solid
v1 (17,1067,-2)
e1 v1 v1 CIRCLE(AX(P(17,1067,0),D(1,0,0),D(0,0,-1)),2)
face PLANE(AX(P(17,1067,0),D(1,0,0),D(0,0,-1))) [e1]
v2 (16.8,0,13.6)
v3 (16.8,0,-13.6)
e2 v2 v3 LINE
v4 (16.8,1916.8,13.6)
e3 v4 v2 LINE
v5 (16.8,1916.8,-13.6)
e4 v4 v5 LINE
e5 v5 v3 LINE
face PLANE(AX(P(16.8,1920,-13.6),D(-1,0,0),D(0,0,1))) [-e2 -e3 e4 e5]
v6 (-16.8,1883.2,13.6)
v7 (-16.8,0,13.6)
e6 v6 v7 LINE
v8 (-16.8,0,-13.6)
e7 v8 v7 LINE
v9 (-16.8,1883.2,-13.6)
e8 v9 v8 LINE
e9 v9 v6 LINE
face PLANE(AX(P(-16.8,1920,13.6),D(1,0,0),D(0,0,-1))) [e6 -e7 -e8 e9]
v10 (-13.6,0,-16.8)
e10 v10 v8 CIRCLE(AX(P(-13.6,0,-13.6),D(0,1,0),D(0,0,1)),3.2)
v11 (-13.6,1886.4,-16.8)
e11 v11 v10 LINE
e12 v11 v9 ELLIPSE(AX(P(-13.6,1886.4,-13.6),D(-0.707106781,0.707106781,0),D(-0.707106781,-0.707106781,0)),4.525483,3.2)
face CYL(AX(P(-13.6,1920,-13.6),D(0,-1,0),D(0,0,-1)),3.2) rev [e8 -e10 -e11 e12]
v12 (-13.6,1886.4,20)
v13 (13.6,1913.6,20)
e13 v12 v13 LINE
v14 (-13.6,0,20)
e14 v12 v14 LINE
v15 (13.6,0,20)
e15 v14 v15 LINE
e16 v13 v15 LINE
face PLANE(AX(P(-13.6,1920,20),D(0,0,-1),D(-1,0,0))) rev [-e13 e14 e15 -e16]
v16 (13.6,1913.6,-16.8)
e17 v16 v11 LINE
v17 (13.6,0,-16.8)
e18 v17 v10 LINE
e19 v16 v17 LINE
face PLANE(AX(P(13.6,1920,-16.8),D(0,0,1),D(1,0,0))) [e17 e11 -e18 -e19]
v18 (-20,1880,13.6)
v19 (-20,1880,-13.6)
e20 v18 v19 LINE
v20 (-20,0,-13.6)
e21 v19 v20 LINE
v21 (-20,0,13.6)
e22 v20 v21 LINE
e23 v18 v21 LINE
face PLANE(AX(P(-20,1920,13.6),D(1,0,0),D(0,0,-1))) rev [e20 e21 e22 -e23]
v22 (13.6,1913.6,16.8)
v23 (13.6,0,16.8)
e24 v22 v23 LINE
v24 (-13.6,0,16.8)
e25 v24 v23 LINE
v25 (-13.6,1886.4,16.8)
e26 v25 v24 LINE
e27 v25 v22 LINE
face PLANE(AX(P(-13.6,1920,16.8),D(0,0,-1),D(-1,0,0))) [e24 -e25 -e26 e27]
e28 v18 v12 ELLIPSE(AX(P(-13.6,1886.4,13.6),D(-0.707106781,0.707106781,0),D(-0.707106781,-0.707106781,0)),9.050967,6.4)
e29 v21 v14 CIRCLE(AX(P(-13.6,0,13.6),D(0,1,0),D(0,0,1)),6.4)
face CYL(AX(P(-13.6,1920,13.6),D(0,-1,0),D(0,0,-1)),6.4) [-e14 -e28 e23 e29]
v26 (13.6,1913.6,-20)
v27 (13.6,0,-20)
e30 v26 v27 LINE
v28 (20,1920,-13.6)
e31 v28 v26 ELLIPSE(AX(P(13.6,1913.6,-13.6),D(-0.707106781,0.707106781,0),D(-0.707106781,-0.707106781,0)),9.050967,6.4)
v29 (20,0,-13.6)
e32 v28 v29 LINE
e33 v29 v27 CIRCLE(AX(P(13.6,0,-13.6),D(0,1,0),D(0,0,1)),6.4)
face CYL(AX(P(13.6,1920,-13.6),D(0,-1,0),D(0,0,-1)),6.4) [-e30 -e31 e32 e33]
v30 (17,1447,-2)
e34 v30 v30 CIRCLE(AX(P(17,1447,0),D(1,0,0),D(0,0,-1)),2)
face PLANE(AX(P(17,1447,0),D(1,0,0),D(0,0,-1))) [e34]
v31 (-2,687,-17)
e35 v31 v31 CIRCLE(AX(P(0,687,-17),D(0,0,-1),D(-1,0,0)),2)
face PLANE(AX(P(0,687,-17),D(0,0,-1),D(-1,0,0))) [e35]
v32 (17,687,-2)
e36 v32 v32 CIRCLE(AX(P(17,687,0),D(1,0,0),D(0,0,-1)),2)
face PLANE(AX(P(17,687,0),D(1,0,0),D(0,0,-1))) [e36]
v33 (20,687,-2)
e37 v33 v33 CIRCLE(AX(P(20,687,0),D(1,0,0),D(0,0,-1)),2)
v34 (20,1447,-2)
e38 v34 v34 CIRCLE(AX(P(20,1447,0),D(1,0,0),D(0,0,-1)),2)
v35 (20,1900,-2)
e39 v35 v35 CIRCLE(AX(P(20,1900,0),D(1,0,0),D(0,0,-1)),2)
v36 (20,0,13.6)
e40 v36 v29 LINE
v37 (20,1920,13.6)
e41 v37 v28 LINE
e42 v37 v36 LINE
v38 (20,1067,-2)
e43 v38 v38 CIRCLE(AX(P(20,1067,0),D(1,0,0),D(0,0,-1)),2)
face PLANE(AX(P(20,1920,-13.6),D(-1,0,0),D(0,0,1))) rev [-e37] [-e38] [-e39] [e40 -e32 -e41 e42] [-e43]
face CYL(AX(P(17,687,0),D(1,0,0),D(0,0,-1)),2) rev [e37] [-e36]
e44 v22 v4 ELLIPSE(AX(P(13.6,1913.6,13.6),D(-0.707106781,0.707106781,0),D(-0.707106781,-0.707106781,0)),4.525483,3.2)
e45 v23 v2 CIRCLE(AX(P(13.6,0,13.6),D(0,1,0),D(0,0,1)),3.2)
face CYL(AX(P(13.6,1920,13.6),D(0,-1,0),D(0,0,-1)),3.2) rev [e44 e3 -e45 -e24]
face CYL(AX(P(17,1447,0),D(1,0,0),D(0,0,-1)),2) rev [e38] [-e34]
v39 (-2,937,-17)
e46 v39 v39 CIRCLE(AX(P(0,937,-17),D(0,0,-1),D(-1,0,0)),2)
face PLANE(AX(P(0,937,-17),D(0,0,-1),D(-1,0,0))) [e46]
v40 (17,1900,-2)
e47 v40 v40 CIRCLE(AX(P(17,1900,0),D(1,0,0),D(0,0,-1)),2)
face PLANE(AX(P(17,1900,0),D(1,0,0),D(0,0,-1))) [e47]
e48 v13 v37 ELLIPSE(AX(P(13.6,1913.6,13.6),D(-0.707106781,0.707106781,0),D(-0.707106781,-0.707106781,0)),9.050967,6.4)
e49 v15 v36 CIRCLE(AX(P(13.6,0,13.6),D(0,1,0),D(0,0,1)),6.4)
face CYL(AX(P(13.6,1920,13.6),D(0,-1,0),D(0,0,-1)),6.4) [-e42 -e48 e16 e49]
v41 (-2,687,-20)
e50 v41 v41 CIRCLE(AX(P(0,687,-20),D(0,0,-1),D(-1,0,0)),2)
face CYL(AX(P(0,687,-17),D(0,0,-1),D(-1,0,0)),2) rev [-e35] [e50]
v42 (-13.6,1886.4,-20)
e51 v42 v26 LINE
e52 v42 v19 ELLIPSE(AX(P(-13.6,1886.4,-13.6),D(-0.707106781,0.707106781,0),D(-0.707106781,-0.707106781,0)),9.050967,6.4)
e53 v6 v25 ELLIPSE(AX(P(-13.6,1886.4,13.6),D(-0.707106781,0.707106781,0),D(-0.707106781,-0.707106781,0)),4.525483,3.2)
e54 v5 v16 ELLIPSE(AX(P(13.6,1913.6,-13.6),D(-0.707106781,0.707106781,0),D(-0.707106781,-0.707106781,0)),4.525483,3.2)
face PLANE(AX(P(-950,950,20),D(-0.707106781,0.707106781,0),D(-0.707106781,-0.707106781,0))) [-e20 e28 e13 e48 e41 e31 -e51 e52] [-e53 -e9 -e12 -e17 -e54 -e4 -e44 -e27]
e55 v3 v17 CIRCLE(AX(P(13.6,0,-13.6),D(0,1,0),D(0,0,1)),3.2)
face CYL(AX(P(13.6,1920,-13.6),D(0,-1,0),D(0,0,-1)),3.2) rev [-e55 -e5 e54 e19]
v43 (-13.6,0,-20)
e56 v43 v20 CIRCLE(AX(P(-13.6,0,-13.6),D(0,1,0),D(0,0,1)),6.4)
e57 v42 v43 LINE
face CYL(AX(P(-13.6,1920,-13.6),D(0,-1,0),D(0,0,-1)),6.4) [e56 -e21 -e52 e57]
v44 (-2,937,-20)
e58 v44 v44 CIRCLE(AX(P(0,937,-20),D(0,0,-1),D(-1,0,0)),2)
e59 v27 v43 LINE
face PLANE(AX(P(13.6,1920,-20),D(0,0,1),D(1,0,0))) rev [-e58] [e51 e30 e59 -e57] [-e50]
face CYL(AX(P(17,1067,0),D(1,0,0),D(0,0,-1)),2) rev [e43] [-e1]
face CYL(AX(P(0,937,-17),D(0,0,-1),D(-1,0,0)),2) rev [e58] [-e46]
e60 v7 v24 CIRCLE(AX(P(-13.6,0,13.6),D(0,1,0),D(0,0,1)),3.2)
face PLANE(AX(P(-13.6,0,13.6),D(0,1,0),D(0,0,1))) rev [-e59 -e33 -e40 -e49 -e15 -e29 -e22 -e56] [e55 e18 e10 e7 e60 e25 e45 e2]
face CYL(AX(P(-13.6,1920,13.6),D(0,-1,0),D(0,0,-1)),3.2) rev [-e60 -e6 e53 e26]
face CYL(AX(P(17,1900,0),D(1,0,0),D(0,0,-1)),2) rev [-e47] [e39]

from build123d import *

# Parameters (mm, degrees)
TUBE_SQUARE_40_X_40_X_3_2_1_DEPTH = 1920
CUT_EXTRUDE1_DEPTH                = 1921.52076271
SKETCH16_R                        = 2
CUT_EXTRUDE2_DEPTH                = 3
SKETCH17_R                        = 2
CUT_EXTRUDE3_DEPTH                = 3


with BuildPart() as part:
    # Sketch15 → Tube (square) 40 X 40 X 3.2(1) (new body)
    with BuildSketch(Plane(origin=(0, 0, 0), x_dir=(-1, 0, 0), z_dir=(0, 1, 0))):
        with BuildLine():
            Line((-13.6, -20), (13.6, -20))
            ThreePointArc((13.6, -20), (18.1254834, -18.1254834), (20, -13.6))
            Line((20, -13.6), (20, 13.6))
            ThreePointArc((20, 13.6), (18.1254834, 18.1254834), (13.6, 20))
            Line((13.6, 20), (-13.6, 20))
            ThreePointArc((-13.6, 20), (-18.1254834, 18.1254834), (-20, 13.6))
            Line((-20, 13.6), (-20, -13.6))
            ThreePointArc((-20, -13.6), (-18.1254834, -18.1254834), (-13.6, -20))
        make_face()
        with BuildLine():
            Line((-13.6, -16.8), (13.6, -16.8))
            ThreePointArc((13.6, -16.8), (15.8627417, -15.8627417), (16.8, -13.6))
            Line((16.8, -13.6), (16.8, 13.6))
            ThreePointArc((16.8, 13.6), (15.8627417, 15.8627417), (13.6, 16.8))
            Line((13.6, 16.8), (-13.6, 16.8))
            ThreePointArc((-13.6, 16.8), (-15.8627417, 15.8627417), (-16.8, 13.6))
            Line((-16.8, 13.6), (-16.8, -13.6))
            ThreePointArc((-16.8, -13.6), (-15.8627417, -15.8627417), (-13.6, -16.8))
        make_face(mode=Mode.SUBTRACT)
    extrude(amount=TUBE_SQUARE_40_X_40_X_3_2_1_DEPTH)

    # Sketch13 → Cut-Extrude1 (cut, through all)
    with BuildSketch(Plane(origin=(0, 0, -20), x_dir=(-1, 0, 0), z_dir=(0, 0, -1))):
        Polygon((20, 1880), (-20, 1920), (20, 1920), align=None)
    extrude(amount=-CUT_EXTRUDE1_DEPTH, mode=Mode.SUBTRACT)

    # Sketch16 → Cut-Extrude2 (cut)
    with BuildSketch(Plane(origin=(20, 0, 0), x_dir=(0, 0, -1), z_dir=(1, 0, 0))):
        with Locations((0, 1900)):
            Circle(SKETCH16_R)
        with Locations((0, 1447)):
            Circle(SKETCH16_R)
        with Locations((0, 1067)):
            Circle(SKETCH16_R)
        with Locations((0, 687)):
            Circle(SKETCH16_R)
    extrude(amount=-CUT_EXTRUDE2_DEPTH, mode=Mode.SUBTRACT)

    # Sketch17 → Cut-Extrude3 (cut)
    with BuildSketch(Plane(origin=(0, 0, -20), x_dir=(-1, 0, 0), z_dir=(0, 0, -1))):
        with Locations((0, 687)):
            Circle(SKETCH17_R)
        with Locations((0, 937)):
            Circle(SKETCH17_R)
    extrude(amount=-CUT_EXTRUDE3_DEPTH, mode=Mode.SUBTRACT)


solid = part.part
